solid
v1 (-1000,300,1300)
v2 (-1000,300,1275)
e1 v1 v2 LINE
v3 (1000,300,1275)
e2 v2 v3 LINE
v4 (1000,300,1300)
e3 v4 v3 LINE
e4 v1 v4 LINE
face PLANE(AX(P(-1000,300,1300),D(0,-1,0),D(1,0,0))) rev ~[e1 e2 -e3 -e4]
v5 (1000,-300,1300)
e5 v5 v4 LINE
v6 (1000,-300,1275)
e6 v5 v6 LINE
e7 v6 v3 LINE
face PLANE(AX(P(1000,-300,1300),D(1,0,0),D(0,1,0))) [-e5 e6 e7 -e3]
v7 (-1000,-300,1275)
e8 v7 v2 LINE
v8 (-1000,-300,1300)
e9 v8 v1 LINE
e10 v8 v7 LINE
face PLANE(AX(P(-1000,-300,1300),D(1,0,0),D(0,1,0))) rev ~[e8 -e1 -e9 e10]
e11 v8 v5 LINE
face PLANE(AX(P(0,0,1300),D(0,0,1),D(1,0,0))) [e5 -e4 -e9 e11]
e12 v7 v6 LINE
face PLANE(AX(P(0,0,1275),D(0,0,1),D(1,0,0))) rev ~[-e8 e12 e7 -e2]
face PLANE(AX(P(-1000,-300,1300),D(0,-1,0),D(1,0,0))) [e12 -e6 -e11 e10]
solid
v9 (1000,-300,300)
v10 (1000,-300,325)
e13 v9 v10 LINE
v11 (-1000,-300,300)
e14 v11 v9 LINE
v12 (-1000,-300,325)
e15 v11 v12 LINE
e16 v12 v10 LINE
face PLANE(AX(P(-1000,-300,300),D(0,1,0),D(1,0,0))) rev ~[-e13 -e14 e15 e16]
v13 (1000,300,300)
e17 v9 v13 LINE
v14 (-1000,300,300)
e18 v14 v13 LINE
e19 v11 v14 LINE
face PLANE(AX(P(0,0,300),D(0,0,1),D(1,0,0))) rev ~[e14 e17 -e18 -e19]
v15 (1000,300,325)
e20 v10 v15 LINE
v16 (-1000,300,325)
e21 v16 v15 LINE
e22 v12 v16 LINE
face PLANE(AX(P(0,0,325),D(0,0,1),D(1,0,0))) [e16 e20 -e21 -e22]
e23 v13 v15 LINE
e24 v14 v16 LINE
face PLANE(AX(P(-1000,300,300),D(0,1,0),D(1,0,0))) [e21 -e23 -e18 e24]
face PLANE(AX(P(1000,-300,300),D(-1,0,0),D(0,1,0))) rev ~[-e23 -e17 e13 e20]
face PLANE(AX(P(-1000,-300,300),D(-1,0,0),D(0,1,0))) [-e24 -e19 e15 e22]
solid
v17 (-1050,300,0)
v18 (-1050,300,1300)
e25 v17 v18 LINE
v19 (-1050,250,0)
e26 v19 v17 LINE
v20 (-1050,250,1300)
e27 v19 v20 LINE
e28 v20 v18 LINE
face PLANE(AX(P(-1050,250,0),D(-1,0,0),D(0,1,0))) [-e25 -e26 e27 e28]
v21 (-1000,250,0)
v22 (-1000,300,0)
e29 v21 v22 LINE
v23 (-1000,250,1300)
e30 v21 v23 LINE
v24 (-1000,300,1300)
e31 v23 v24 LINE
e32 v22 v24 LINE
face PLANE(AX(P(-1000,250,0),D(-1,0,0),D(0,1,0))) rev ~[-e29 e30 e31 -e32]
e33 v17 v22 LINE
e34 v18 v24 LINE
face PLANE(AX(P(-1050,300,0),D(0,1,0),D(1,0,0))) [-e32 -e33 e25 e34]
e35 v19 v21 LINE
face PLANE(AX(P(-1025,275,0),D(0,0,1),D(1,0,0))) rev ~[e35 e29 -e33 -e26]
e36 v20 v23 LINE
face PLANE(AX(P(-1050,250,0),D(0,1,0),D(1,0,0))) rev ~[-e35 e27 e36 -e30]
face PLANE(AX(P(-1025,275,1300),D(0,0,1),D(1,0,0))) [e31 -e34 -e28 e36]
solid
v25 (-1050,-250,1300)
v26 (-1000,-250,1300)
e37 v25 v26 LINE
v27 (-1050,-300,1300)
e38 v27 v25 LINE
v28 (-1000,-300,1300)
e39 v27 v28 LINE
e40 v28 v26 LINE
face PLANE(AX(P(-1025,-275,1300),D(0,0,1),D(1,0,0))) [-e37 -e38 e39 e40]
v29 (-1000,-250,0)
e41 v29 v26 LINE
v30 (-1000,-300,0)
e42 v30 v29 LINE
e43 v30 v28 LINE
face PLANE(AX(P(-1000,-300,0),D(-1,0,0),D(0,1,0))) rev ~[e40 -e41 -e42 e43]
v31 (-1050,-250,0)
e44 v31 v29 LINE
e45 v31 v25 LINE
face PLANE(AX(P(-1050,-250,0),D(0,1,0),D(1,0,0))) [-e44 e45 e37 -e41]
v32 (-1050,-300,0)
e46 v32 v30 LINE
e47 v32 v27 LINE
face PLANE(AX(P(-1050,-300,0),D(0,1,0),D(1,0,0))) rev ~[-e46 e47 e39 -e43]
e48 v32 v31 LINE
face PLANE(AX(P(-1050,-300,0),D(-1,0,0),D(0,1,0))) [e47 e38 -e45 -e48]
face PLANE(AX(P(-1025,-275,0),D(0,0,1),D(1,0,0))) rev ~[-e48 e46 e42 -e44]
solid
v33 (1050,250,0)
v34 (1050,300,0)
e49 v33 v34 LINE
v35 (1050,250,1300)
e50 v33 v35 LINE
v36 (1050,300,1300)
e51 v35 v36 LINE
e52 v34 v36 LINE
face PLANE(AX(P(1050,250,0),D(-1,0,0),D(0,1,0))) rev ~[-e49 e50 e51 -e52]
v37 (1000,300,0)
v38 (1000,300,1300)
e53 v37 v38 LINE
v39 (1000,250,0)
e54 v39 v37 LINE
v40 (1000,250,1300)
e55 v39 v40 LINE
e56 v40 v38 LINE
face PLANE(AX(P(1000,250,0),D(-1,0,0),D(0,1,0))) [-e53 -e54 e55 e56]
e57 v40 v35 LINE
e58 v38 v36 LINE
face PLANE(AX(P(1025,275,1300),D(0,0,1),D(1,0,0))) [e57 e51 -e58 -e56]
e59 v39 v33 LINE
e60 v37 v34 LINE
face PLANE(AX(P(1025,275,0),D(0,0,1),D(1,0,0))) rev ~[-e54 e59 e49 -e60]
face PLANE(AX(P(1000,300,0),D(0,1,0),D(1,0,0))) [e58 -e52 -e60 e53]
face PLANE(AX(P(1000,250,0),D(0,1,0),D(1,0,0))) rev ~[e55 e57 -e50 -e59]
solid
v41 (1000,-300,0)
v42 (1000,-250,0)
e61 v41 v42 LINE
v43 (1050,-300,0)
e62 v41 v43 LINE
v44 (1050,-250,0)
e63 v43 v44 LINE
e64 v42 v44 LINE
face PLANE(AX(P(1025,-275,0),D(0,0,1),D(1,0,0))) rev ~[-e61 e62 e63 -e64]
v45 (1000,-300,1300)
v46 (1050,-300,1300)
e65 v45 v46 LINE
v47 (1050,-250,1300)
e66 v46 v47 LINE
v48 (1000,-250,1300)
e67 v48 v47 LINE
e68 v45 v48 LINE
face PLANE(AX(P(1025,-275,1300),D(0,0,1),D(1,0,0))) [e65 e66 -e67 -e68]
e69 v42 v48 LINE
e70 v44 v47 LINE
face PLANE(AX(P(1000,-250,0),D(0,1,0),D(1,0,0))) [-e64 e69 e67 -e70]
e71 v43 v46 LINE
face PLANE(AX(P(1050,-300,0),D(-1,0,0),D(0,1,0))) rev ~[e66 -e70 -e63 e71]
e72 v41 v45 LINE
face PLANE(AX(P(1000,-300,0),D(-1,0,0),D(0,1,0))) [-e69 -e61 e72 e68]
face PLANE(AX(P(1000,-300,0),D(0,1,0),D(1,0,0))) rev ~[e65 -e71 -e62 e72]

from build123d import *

# Parameters (mm, degrees)
F2_W     = 50
F2_H     = 50
F5_DEPTH = 1300
F3_W     = 2000
F3_H     = 600
F6_DEPTH = 25
F4_W     = 2000
F4_H     = 600
F7_DEPTH = 25


with BuildPart() as f5:
    # F2 (on Top) → F5 (new body)
    with BuildSketch(Plane.XY):
        with Locations((-1025, 275)):
            Rectangle(F2_W, F2_H)
        with Locations((-1025, -275)):
            Rectangle(F2_W, F2_H)
        with Locations((1025, -275)):
            Rectangle(F2_W, F2_H)
        with Locations((1025, 275)):
            Rectangle(F2_W, F2_H)
    extrude(amount=F5_DEPTH)


with BuildPart() as f6:
    # F3 (on offset) → F6 (new body)
    with BuildSketch(Plane.XY.offset(300)):
        Rectangle(F3_W, F3_H)
    extrude(amount=F6_DEPTH)


with BuildPart() as f7:
    # F4 (on offset) → F7 (new body)
    with BuildSketch(Plane.XY.offset(1300)):
        Rectangle(F4_W, F4_H)
    extrude(amount=-F7_DEPTH)


solid = Compound([f5.part, f6.part, f7.part])
